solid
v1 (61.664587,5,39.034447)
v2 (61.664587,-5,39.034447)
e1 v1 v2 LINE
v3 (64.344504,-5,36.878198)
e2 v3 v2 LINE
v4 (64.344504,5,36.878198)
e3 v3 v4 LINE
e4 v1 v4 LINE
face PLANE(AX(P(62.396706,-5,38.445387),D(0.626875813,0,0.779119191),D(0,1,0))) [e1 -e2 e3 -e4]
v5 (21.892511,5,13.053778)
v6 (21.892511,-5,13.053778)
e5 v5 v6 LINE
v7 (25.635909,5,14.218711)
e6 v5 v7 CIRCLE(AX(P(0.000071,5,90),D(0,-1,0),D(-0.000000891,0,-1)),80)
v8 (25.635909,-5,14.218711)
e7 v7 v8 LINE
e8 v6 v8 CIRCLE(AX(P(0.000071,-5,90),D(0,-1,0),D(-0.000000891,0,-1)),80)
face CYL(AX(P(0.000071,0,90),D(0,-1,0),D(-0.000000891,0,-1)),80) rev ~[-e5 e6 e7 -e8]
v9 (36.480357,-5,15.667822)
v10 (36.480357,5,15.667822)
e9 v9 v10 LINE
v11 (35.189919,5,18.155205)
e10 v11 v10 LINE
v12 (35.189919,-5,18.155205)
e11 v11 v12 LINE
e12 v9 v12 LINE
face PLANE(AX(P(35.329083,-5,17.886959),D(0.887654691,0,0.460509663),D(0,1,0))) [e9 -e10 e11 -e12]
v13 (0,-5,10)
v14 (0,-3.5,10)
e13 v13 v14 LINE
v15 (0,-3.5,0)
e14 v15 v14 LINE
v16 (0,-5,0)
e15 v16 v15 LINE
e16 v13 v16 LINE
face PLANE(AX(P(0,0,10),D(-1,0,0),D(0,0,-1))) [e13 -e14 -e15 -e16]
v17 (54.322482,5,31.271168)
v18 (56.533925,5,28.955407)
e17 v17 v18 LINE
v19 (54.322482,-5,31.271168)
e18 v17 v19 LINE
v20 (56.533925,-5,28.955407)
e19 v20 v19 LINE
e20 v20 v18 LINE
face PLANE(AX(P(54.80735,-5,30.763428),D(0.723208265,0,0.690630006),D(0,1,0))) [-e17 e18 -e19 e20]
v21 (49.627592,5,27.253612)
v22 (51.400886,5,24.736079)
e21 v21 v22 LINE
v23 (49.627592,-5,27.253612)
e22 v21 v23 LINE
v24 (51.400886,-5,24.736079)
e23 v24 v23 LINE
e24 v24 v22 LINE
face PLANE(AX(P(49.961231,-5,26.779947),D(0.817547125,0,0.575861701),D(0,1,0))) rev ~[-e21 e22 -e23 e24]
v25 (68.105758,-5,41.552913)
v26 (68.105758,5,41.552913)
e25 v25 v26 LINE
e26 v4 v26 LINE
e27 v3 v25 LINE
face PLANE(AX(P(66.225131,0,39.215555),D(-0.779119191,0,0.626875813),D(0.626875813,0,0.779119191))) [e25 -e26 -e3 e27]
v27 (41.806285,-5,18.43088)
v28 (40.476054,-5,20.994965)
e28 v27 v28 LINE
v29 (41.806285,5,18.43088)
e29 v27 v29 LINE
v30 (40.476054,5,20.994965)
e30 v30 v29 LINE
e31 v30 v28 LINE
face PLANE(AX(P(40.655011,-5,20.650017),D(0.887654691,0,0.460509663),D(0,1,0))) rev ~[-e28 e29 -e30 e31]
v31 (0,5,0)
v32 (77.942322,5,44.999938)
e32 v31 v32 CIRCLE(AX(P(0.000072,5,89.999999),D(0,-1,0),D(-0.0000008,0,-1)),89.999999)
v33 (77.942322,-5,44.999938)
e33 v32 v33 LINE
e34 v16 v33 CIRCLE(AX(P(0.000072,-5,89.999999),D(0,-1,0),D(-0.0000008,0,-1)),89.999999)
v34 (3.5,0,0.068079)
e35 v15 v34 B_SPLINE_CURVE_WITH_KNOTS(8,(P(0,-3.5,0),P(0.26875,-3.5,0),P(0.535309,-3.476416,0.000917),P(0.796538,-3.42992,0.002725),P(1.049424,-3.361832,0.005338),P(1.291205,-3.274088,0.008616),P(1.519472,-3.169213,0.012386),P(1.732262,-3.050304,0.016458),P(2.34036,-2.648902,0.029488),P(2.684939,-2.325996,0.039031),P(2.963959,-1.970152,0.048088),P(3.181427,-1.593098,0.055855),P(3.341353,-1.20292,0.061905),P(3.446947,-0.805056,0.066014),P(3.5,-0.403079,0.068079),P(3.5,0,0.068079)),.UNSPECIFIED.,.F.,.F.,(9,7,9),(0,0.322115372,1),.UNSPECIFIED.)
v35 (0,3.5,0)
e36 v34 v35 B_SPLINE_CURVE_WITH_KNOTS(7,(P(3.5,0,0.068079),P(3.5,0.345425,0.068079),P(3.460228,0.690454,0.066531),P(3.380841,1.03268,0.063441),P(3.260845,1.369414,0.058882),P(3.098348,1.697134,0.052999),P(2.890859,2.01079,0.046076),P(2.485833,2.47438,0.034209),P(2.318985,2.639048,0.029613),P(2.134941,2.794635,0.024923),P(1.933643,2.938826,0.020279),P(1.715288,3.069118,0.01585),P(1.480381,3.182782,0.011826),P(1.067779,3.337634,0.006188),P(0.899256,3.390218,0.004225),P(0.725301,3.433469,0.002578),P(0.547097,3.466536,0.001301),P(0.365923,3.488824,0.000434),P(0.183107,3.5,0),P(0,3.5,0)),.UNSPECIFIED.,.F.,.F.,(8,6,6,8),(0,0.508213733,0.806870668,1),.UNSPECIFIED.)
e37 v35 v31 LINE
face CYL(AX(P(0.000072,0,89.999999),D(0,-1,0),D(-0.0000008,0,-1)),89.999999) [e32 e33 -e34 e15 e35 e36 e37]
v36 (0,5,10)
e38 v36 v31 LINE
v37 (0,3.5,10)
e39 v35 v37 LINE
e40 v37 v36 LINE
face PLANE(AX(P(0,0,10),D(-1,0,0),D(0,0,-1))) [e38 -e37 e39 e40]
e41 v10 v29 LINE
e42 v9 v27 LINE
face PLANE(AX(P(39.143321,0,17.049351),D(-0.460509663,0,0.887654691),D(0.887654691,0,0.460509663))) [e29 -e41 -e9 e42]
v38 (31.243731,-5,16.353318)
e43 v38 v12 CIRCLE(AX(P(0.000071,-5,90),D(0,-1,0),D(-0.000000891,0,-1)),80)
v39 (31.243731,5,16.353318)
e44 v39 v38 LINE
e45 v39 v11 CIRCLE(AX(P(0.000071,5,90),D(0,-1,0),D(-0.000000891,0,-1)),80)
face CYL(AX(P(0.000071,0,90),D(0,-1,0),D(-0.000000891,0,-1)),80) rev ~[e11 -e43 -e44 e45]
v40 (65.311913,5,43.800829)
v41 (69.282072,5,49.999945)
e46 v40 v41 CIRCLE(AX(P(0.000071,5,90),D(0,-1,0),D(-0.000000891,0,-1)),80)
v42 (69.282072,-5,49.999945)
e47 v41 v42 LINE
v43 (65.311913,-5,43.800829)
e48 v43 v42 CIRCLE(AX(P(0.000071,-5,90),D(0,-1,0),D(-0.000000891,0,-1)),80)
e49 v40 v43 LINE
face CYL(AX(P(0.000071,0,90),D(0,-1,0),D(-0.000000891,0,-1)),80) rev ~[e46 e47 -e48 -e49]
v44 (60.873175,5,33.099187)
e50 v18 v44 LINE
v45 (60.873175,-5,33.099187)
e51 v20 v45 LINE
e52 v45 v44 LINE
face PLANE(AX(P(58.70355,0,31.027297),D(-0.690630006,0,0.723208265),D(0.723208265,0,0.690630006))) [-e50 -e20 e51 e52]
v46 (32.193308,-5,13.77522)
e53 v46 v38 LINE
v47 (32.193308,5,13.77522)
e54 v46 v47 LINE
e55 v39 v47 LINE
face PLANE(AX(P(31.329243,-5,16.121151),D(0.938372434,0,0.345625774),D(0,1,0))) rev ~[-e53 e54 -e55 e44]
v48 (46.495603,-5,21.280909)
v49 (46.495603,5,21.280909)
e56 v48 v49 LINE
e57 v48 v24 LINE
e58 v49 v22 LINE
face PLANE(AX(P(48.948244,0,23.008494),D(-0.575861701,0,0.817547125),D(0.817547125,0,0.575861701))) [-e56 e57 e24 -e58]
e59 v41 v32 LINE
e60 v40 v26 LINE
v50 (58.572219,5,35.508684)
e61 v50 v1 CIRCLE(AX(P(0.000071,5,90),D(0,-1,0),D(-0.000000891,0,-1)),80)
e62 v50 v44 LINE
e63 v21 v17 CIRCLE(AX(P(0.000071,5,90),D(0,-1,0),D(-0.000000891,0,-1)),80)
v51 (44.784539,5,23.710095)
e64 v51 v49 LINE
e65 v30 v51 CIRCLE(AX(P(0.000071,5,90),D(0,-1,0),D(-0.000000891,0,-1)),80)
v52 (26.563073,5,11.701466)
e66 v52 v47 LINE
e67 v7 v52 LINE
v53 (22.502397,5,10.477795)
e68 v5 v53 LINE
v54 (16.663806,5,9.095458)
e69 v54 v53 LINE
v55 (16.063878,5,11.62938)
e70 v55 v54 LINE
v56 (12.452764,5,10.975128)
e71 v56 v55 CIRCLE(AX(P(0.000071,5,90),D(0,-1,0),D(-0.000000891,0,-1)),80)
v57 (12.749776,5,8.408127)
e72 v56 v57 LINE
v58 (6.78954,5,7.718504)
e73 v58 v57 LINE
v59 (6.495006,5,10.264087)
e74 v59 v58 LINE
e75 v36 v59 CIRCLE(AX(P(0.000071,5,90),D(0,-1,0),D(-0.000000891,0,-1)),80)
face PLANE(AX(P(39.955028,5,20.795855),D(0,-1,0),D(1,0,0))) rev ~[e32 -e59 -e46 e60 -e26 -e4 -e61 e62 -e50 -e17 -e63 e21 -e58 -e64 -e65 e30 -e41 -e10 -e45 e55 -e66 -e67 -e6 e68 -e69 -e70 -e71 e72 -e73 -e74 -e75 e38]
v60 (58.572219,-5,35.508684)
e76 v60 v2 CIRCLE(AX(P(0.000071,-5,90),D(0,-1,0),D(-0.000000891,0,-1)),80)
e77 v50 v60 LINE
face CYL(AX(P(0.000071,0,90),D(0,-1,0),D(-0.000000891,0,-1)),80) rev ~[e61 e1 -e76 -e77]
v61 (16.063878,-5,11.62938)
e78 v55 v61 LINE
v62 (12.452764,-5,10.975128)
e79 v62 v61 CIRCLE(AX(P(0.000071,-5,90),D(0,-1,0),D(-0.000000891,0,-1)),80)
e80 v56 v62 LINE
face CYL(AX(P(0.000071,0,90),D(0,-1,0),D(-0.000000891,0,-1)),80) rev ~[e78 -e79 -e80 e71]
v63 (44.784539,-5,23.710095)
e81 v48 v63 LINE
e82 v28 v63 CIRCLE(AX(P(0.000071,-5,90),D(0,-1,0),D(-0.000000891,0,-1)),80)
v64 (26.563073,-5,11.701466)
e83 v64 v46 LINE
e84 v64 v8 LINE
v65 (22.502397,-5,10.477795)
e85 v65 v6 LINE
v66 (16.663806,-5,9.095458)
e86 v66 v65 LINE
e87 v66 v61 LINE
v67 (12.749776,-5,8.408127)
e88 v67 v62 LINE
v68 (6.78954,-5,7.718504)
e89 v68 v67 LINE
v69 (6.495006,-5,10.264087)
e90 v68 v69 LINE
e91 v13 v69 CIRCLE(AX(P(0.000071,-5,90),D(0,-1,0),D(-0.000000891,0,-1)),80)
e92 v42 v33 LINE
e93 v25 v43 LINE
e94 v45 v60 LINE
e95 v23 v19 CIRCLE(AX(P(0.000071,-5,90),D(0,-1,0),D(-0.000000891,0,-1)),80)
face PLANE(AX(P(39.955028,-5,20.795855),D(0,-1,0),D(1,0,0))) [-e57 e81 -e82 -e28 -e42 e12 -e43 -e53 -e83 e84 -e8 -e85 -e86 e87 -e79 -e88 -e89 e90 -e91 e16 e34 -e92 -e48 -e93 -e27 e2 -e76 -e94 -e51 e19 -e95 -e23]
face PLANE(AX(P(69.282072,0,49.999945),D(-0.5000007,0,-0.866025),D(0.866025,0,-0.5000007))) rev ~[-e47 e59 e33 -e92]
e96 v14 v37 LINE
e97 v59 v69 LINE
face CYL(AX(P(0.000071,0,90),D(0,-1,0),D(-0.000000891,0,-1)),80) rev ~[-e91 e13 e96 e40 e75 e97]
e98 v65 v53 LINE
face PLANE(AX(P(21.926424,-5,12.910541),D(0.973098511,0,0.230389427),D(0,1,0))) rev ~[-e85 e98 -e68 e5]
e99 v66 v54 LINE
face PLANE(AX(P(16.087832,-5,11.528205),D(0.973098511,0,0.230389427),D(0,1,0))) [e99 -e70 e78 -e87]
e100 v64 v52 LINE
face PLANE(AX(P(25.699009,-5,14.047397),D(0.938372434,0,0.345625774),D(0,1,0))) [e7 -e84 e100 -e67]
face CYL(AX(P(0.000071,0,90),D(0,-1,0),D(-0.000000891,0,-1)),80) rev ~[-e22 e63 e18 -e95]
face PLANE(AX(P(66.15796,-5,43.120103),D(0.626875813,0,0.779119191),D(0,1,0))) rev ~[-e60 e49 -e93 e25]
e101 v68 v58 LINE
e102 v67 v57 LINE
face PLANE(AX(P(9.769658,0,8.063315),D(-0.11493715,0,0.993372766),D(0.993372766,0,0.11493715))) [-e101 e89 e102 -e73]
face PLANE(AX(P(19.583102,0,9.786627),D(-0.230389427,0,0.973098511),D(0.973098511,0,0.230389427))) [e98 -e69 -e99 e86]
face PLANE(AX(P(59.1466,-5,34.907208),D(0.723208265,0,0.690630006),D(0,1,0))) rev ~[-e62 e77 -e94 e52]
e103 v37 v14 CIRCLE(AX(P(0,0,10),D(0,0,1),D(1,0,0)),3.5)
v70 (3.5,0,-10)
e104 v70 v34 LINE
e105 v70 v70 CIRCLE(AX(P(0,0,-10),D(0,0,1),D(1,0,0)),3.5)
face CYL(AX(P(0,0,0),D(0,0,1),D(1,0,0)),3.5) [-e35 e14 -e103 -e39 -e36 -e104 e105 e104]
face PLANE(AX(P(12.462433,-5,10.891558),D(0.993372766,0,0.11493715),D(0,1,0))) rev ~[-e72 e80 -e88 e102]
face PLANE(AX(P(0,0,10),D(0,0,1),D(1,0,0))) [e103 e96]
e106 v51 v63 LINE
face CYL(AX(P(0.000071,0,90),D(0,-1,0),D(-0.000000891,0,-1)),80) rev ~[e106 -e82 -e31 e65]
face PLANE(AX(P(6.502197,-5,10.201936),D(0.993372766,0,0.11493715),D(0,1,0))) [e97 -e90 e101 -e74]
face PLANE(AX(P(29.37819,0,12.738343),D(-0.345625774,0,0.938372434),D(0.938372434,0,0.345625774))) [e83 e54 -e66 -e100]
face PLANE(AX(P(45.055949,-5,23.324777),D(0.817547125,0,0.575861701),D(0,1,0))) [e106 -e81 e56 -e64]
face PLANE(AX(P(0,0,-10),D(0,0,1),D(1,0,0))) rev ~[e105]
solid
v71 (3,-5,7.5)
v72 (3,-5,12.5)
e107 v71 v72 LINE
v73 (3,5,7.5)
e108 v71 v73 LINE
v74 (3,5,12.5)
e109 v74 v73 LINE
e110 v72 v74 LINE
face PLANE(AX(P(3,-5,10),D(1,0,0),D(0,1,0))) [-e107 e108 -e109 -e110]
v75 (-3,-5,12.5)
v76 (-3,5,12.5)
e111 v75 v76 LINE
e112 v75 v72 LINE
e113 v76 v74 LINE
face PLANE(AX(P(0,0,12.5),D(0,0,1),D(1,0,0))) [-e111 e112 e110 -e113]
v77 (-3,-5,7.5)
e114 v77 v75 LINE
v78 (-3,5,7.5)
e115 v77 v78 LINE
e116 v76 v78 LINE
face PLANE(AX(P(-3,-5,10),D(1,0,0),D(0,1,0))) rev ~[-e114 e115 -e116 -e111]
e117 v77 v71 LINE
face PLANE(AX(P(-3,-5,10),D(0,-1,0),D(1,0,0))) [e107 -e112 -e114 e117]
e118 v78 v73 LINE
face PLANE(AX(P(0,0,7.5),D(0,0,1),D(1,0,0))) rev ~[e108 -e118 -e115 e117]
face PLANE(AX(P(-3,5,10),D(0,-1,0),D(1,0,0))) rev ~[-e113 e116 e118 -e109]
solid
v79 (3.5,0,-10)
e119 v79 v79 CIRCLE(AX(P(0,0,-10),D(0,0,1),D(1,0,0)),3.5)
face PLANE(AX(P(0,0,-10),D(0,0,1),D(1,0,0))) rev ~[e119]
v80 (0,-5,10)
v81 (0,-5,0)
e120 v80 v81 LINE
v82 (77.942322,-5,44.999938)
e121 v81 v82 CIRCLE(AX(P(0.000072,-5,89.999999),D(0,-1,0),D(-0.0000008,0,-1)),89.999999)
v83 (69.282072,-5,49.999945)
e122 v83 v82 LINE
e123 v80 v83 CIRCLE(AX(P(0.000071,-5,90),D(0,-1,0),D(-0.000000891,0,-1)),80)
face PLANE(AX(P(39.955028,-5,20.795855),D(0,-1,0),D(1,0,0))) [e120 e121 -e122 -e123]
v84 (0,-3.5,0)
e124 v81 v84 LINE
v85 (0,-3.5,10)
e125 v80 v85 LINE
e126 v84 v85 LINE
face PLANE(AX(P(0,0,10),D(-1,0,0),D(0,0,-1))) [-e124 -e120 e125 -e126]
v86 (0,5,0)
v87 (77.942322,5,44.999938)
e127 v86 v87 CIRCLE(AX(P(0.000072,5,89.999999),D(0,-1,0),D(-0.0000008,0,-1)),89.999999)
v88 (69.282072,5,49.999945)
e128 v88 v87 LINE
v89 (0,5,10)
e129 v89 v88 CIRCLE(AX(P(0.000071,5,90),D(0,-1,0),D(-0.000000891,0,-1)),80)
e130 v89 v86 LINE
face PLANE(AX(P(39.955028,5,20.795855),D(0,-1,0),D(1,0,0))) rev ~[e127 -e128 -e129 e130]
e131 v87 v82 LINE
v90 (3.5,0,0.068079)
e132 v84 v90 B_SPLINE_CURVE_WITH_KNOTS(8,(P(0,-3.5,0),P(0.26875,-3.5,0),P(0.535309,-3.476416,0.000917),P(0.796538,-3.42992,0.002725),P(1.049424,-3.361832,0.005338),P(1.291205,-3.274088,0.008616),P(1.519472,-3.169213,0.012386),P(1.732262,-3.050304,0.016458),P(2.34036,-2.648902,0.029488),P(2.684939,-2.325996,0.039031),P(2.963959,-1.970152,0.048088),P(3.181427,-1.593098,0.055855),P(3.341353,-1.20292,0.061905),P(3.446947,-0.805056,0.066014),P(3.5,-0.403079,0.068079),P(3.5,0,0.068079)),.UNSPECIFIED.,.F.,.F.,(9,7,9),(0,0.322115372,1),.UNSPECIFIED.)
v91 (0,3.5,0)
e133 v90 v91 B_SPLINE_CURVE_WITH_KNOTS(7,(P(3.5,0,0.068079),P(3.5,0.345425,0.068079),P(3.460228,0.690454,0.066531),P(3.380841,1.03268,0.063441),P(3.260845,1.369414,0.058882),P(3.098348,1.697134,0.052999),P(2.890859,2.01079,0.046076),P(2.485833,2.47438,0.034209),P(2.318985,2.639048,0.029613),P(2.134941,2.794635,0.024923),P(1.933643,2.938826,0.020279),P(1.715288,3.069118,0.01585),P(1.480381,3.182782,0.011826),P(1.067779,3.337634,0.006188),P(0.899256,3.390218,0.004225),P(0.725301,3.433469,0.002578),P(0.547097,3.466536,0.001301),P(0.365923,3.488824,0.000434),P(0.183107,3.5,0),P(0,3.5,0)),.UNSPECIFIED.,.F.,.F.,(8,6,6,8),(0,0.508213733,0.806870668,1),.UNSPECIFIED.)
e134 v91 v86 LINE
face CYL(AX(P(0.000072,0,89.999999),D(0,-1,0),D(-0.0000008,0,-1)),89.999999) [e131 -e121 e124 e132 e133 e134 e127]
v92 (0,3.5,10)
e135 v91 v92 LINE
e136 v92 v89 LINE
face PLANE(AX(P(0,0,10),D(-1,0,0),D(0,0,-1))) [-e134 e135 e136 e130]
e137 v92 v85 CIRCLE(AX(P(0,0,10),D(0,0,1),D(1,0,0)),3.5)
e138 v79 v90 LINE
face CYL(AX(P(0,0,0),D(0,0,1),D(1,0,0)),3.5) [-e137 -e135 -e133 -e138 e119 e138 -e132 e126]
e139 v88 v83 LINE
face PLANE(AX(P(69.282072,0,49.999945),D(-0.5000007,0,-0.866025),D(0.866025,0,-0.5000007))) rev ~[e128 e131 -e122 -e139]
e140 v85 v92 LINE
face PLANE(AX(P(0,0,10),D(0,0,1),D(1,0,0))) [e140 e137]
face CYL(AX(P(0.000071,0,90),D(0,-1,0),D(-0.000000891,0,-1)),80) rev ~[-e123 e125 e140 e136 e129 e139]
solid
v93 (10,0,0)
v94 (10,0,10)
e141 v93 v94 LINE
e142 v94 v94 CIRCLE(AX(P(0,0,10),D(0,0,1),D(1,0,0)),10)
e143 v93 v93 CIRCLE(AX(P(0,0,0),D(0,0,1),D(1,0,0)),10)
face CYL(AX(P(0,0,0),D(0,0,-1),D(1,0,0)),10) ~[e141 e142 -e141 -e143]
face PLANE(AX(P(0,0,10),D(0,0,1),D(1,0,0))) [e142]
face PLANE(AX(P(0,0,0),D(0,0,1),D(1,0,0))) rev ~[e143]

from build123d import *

# Parameters (mm, degrees)
SKETCH002_R                = 10
EXTRUDE003_DEPTH           = 10
EXTRUDE004_DEPTH           = 5
SKETCH004_R                = 3.5
EXTRUDE005_DEPTH           = 10
SKETCH006_W                = 6
SKETCH006_H                = 10
EXTRUDE007_DEPTH           = 2.5
SKETCH_R                   = 3.5
EXTRUDE001_DEPTH           = 10
SKETCH012_W                = 6
SKETCH012_H                = 10
EXTRUDE013_DEPTH           = 2.5
EXTRUDE013_PLACEMENT_ANGLE = 51.18
SKETCH011_W                = 6
SKETCH011_H                = 10
EXTRUDE012_DEPTH           = 2.5
EXTRUDE012_PLACEMENT_ANGLE = 43.68
SKETCH010_W                = 6
SKETCH010_H                = 10
EXTRUDE011_DEPTH           = 2.5
EXTRUDE011_PLACEMENT_ANGLE = 35.16
SKETCH009_W                = 6
SKETCH009_H                = 10
EXTRUDE010_DEPTH           = 2.5
EXTRUDE010_PLACEMENT_ANGLE = 27.42
SKETCH008_W                = 6
SKETCH008_H                = 10
EXTRUDE009_DEPTH           = 2.5
EXTRUDE009_PLACEMENT_ANGLE = 20.22
SKETCH007_W                = 6
SKETCH007_H                = 10
EXTRUDE008_DEPTH           = 2.5
EXTRUDE008_PLACEMENT_ANGLE = 13.32
SKETCH005_W                = 6
SKETCH005_H                = 10
EXTRUDE006_DEPTH           = 2.5
EXTRUDE006_PLACEMENT_ANGLE = 6.6
EXTRUDE002_DEPTH           = 5


with BuildPart() as extrude003:
    # Sketch002 → Extrude003 (new body)
    with BuildSketch(Plane.XY):
        Circle(SKETCH002_R)
    extrude(amount=EXTRUDE003_DEPTH)


with BuildPart() as extrude004:
    # Sketch003 → Extrude004 (new body, symmetric)
    with BuildSketch(Plane.XZ):
        with BuildLine():
            ThreePointArc((0, 0), (45.00001, 12.057678), (77.942322, 44.999938))
            Line((69.282072, 49.999945), (77.942322, 44.999938))
            ThreePointArc((0, 10), (40.000013, 20.717934), (69.282072, 49.999945))
            Line((0, 10), (0, 0))
        make_face()
    extrude(amount=EXTRUDE004_DEPTH, both=True)


with BuildPart() as fusion001:
    # Sketch004 → Extrude005 (new body, symmetric)
    with BuildSketch(Plane.XY):
        Circle(SKETCH004_R)
    extrude(amount=EXTRUDE005_DEPTH, both=True)

    # Fusion001: union Extrude004
    add(extrude004.part)


with BuildPart() as extrude007:
    # Sketch006 → Extrude007 (new body, symmetric)
    with BuildSketch(Plane.XY):
        Rectangle(SKETCH006_W, SKETCH006_H)
    extrude(amount=EXTRUDE007_DEPTH, both=True)


with BuildPart() as extrude007_1:
    # Extrude007 placement: moved
    add(extrude007.part.moved(Location((0, 0, 10))))


with BuildPart() as extrude001:
    # Sketch → Extrude001 (new body, symmetric)
    with BuildSketch(Plane.XY):
        Circle(SKETCH_R)
    extrude(amount=EXTRUDE001_DEPTH, both=True)


with BuildPart() as extrude013:
    # Sketch012 → Extrude013 (new body, symmetric)
    with BuildSketch(Plane.XY):
        Rectangle(SKETCH012_W, SKETCH012_H)
    extrude(amount=EXTRUDE013_DEPTH, both=True)


with BuildPart() as extrude013_1:
    # Extrude013 placement: moved
    add(extrude013.part.moved(Location((64.277333, 0, 40.782745))).rotate(Axis((64.277333, 0, 40.782745), (0, -1, 0)), EXTRUDE013_PLACEMENT_ANGLE))


with BuildPart() as extrude012:
    # Sketch011 → Extrude012 (new body, symmetric)
    with BuildSketch(Plane.XY):
        Rectangle(SKETCH011_W, SKETCH011_H)
    extrude(amount=EXTRUDE012_DEPTH, both=True)


with BuildPart() as extrude012_1:
    # Extrude012 placement: moved
    add(extrude012.part.moved(Location((56.976975, 0, 32.835318))).rotate(Axis((56.976975, 0, 32.835318), (0, -1, 0)), EXTRUDE012_PLACEMENT_ANGLE))


with BuildPart() as extrude011:
    # Sketch010 → Extrude011 (new body, symmetric)
    with BuildSketch(Plane.XY):
        Rectangle(SKETCH010_W, SKETCH010_H)
    extrude(amount=EXTRUDE011_DEPTH, both=True)


with BuildPart() as extrude011_1:
    # Extrude011 placement: moved
    add(extrude011.part.moved(Location((47.50859, 0, 25.052362))).rotate(Axis((47.50859, 0, 25.052362), (0, -1, 0)), EXTRUDE011_PLACEMENT_ANGLE))


with BuildPart() as extrude010:
    # Sketch009 → Extrude010 (new body, symmetric)
    with BuildSketch(Plane.XY):
        Rectangle(SKETCH009_W, SKETCH009_H)
    extrude(amount=EXTRUDE010_DEPTH, both=True)


with BuildPart() as extrude010_1:
    # Extrude010 placement: moved
    add(extrude010.part.moved(Location((37.992047, 0, 19.268488))).rotate(Axis((37.992047, 0, 19.268488), (0, -1, 0)), EXTRUDE010_PLACEMENT_ANGLE))


with BuildPart() as extrude009:
    # Sketch008 → Extrude009 (new body, symmetric)
    with BuildSketch(Plane.XY):
        Rectangle(SKETCH008_W, SKETCH008_H)
    extrude(amount=EXTRUDE009_DEPTH, both=True)


with BuildPart() as extrude009_1:
    # Extrude009 placement: moved
    add(extrude009.part.moved(Location((28.514126, 0, 15.084274))).rotate(Axis((28.514126, 0, 15.084274), (0, -1, 0)), EXTRUDE009_PLACEMENT_ANGLE))


with BuildPart() as extrude008:
    # Sketch007 → Extrude008 (new body, symmetric)
    with BuildSketch(Plane.XY):
        Rectangle(SKETCH007_W, SKETCH007_H)
    extrude(amount=EXTRUDE008_DEPTH, both=True)


with BuildPart() as extrude008_1:
    # Extrude008 placement: moved
    add(extrude008.part.moved(Location((19.007128, 0, 12.219373))).rotate(Axis((19.007128, 0, 12.219373), (0, -1, 0)), EXTRUDE008_PLACEMENT_ANGLE))


with BuildPart() as extrude006:
    # Sketch005 → Extrude006 (new body, symmetric)
    with BuildSketch(Plane.XY):
        Rectangle(SKETCH005_W, SKETCH005_H)
    extrude(amount=EXTRUDE006_DEPTH, both=True)


with BuildPart() as extrude006_1:
    # Extrude006 placement: moved
    add(extrude006.part.moved(Location((9.482315, 0, 10.546747))).rotate(Axis((9.482315, 0, 10.546747), (0, -1, 0)), EXTRUDE006_PLACEMENT_ANGLE))


with BuildPart() as fusion:
    # Sketch001 → Extrude002 (new body, symmetric)
    with BuildSketch(Plane.XZ):
        with BuildLine():
            ThreePointArc((0, 0), (45.00001, 12.057678), (77.942322, 44.999938))
            Line((69.282072, 49.999945), (77.942322, 44.999938))
            ThreePointArc((0, 10), (40.000013, 20.717934), (69.282072, 49.999945))
            Line((0, 10), (0, 0))
        make_face()
    extrude(amount=EXTRUDE002_DEPTH, both=True)

    # Cut: cut Extrude006
    add(extrude006_1.part, mode=Mode.SUBTRACT)

    # Cut001: cut Extrude008
    add(extrude008_1.part, mode=Mode.SUBTRACT)

    # Cut002: cut Extrude009
    add(extrude009_1.part, mode=Mode.SUBTRACT)

    # Cut003: cut Extrude010
    add(extrude010_1.part, mode=Mode.SUBTRACT)

    # Cut004: cut Extrude011
    add(extrude011_1.part, mode=Mode.SUBTRACT)

    # Cut005: cut Extrude012
    add(extrude012_1.part, mode=Mode.SUBTRACT)

    # Cut006: cut Extrude013
    add(extrude013_1.part, mode=Mode.SUBTRACT)

    # Fusion: union Extrude001
    add(extrude001.part)


solid = Compound([extrude003.part, fusion001.part, extrude007_1.part, fusion.part])
